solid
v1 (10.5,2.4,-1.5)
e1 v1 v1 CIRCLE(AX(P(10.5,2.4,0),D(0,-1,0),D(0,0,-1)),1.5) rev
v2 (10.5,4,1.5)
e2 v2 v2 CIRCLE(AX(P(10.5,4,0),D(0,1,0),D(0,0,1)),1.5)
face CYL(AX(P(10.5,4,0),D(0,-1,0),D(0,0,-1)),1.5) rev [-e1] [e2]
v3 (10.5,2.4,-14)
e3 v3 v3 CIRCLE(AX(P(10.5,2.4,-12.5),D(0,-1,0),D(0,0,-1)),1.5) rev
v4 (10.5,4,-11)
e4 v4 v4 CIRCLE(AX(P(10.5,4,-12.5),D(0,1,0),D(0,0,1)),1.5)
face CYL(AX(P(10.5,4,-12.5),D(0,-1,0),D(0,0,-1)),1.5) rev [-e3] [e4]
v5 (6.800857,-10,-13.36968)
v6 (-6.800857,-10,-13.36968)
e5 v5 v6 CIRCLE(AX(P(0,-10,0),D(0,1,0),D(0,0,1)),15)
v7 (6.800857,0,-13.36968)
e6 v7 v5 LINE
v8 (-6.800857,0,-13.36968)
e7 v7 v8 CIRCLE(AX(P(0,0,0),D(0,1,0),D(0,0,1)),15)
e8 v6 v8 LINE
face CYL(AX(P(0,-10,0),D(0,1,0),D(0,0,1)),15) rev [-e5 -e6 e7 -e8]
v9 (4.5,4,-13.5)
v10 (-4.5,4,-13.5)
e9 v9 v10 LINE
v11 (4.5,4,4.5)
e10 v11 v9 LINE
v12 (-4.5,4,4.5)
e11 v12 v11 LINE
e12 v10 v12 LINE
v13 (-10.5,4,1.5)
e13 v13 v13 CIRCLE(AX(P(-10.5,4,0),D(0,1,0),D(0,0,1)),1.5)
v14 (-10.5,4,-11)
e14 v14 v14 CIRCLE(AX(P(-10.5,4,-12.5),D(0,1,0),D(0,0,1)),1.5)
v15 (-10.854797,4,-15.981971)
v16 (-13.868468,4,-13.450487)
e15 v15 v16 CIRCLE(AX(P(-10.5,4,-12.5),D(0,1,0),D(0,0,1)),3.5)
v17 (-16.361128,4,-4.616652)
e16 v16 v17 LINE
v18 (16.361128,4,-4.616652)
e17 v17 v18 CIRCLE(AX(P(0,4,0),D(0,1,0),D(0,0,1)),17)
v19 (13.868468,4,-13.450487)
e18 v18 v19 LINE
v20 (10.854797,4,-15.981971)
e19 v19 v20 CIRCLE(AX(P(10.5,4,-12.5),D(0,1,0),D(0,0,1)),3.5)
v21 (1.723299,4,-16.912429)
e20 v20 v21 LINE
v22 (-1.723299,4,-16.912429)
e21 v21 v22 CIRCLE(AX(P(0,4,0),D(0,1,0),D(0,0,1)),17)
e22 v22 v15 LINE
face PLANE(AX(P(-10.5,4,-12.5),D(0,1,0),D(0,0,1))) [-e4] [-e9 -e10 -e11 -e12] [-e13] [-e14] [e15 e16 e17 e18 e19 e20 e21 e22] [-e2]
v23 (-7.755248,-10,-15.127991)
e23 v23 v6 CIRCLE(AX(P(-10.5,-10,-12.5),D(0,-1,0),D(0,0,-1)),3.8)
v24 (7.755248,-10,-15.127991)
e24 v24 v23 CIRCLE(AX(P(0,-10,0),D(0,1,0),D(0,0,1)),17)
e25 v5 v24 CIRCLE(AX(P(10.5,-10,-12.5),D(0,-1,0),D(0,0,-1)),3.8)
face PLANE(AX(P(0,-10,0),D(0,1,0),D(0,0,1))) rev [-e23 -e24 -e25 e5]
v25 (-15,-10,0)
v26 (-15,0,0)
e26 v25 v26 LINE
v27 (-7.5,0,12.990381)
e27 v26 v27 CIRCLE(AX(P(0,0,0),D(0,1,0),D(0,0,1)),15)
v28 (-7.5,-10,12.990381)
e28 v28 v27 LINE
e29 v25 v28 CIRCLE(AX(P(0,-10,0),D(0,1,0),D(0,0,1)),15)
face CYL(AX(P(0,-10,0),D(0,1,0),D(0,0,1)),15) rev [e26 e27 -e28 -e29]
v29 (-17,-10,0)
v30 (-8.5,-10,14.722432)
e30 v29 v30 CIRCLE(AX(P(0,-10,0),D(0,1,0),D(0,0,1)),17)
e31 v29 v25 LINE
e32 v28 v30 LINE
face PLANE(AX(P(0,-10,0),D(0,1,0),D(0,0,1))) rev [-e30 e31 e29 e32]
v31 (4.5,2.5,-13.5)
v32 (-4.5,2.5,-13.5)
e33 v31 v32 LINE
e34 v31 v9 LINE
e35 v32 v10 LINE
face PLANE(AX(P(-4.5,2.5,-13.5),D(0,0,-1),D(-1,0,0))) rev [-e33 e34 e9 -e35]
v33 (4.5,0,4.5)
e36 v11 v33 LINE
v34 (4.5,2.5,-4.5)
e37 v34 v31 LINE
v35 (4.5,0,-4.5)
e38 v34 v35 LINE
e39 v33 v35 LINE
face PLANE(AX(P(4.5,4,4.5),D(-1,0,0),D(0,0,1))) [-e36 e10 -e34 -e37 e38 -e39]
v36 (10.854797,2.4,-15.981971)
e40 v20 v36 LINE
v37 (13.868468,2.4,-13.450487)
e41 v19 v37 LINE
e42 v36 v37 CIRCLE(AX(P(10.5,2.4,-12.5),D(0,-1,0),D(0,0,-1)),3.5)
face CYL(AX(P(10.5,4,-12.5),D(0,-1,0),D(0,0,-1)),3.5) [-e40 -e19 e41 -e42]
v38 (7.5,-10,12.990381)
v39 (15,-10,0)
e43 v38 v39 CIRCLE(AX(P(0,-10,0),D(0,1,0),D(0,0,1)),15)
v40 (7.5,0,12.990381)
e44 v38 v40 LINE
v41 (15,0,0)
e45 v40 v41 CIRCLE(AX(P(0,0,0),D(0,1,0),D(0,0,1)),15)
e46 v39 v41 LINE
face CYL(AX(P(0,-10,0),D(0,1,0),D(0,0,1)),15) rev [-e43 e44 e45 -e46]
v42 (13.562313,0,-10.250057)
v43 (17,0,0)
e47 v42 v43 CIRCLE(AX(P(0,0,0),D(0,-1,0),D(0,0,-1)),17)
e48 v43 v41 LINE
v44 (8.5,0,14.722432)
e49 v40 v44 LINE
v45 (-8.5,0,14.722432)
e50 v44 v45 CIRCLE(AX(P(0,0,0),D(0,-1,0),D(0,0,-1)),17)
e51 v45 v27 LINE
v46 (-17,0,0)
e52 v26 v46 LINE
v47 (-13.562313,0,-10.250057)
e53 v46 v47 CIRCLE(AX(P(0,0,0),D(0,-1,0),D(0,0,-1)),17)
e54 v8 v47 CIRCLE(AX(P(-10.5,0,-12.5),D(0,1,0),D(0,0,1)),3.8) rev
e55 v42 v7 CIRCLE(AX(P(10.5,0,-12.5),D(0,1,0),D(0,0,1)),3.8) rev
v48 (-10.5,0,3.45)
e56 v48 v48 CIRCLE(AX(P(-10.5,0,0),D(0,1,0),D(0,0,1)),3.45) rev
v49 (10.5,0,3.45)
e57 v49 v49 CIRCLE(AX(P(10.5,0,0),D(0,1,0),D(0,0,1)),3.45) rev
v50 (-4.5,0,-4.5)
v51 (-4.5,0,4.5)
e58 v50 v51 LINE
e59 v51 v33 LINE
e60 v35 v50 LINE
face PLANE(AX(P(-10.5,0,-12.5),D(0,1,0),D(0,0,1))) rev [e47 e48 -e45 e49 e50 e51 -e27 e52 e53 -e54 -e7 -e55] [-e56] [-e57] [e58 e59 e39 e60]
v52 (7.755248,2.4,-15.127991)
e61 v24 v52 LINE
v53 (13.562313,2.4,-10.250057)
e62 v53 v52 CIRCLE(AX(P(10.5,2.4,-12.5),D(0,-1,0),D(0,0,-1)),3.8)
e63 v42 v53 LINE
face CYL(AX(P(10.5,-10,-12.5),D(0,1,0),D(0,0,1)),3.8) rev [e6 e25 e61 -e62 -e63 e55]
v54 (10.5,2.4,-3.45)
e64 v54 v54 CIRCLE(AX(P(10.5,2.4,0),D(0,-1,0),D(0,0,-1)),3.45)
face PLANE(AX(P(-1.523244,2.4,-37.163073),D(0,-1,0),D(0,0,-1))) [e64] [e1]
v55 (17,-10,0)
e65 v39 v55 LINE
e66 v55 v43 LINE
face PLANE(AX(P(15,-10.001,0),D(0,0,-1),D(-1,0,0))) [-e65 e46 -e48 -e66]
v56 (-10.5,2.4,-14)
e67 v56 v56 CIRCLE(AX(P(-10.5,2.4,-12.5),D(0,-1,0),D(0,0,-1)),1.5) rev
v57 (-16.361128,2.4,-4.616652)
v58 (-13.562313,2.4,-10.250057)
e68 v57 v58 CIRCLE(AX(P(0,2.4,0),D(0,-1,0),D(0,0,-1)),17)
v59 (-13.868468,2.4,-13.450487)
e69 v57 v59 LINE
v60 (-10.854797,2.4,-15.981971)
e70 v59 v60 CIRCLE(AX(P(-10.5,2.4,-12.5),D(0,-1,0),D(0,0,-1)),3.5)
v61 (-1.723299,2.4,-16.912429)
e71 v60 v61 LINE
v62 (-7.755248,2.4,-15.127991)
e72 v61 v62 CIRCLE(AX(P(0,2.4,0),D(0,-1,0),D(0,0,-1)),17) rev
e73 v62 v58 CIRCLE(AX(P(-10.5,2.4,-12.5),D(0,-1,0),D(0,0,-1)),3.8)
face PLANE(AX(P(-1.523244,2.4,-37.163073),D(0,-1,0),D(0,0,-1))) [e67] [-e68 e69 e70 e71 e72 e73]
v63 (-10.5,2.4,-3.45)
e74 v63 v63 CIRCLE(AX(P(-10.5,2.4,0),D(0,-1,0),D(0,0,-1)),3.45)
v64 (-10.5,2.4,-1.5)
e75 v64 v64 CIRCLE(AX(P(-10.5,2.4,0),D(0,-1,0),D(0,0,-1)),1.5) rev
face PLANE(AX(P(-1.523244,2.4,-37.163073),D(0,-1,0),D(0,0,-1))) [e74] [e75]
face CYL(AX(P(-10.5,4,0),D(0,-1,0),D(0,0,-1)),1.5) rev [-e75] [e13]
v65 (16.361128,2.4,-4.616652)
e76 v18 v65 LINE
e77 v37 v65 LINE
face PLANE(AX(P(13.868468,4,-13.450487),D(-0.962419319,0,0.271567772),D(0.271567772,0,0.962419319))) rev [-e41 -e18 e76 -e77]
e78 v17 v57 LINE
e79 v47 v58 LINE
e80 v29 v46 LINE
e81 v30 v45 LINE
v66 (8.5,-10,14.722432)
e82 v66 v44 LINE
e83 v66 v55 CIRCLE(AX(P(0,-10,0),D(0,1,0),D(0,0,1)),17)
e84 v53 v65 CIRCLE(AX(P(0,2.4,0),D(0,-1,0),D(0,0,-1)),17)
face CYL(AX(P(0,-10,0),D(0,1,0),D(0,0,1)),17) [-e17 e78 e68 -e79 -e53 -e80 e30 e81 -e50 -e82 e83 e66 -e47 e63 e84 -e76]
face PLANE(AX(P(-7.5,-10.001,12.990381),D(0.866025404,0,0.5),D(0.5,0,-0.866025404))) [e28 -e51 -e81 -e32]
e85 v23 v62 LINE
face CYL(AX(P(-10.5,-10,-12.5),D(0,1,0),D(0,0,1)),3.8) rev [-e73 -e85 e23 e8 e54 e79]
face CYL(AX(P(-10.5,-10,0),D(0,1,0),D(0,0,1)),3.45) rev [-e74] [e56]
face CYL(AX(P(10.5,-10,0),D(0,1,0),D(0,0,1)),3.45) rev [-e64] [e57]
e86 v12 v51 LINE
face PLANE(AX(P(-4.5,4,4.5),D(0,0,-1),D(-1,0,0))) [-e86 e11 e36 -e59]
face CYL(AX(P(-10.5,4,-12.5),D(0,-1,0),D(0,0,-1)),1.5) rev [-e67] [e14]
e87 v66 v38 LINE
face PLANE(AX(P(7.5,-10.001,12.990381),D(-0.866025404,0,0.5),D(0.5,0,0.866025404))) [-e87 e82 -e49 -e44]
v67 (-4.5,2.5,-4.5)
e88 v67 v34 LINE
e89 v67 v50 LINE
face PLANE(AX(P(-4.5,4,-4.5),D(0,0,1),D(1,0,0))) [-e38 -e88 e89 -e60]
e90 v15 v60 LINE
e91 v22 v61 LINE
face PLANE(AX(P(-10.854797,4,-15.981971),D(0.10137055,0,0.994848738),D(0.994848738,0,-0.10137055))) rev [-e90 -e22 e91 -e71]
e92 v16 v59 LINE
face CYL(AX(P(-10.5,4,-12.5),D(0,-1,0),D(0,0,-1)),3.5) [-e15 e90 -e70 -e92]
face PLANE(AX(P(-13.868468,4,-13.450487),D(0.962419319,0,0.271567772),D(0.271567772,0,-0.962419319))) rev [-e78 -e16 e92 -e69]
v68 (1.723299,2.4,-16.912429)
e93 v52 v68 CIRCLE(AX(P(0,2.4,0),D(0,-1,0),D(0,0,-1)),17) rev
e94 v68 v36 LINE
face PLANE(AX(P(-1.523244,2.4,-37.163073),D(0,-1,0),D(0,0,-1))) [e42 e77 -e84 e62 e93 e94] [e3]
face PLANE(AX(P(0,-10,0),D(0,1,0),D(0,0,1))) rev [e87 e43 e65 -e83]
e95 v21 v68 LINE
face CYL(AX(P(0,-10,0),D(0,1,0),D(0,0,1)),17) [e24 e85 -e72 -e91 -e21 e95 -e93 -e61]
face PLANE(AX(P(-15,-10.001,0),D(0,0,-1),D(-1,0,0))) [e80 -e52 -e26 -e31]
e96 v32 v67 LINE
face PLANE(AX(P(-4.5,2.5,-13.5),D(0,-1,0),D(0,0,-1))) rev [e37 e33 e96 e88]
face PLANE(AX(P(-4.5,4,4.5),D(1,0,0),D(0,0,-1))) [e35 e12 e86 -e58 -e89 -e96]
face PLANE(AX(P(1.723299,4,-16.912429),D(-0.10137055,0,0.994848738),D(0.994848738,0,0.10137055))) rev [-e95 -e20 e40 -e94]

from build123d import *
from build123d.topology import SkipClean

# Parameters (mm, degrees)
SKETCH1_R               = 17
SKETCH1_R_2             = 15
BOSS_EXTRUDE1_DEPTH     = 10
BOSS_EXTRUDE2_START     = 4
SKETCH5_R               = 1.5
SKETCH5_W               = 9
SKETCH5_H               = 9
BOSS_EXTRUDE2_DEPTH     = 4
CUT_EXTRUDE2_REACH      = 28.038
CUT_EXTRUDE3_DEPTH      = 27.038433133
CUT_EXTRUDE3_DEPTH_BACK = 2.4
SKETCH10_R              = 1.5
SKETCH10_R_2            = 3.45
SKETCH11_W              = 9
SKETCH11_H              = 9
CUT_EXTRUDE4_DEPTH      = 1.5


with BuildPart() as part:
    # Sketch1 → Boss-Extrude1 (new body)
    with BuildSketch(Plane(origin=(0, 0, 0), x_dir=(1, 0, 0), z_dir=(0, 1, 0))):
        with Locations(Location((0, 0, 0), (0, 0, 270))):
            Circle(SKETCH1_R)
        with Locations(Location((0, 0, 0), (0, 0, 270))):
            Circle(SKETCH1_R_2, mode=Mode.SUBTRACT)
    extrude(amount=-BOSS_EXTRUDE1_DEPTH)

    # Sketch5 → Boss-Extrude2 (add)
    with SkipClean():  # the faces are left unmerged after this step: merging them gives an invalid solid
        with BuildSketch(Plane(origin=(0, 0, 0), x_dir=(1, 0, 0), z_dir=(0, 1, 0)).offset(BOSS_EXTRUDE2_START)):
            with BuildLine():
                Line((-10.854796925, 15.981970583), (-1.723299349, 16.912428547))
                ThreePointArc((-1.723299349, 16.912428547), (0, 17), (1.723299349, 16.912428547))
                Line((1.723299349, 16.912428547), (10.854796925, 15.981970583))
                ThreePointArc((10.854796925, 15.981970583), (12.751172302, 15.179967027), (13.868467616, 13.450487203))
                Line((13.868467616, 13.450487203), (16.361128418, 4.616652129))
                ThreePointArc((16.361128418, 4.616652129), (0, -17), (-16.361128418, 4.616652129))
                Line((-16.361128418, 4.616652129), (-13.868467616, 13.450487203))
                ThreePointArc((-13.868467616, 13.450487203), (-12.751172302, 15.179967027), (-10.854796925, 15.981970583))
            make_face()
            with Locations(Location((-10.5, 0, 0), (0, 0, 270))):
                Circle(SKETCH5_R, mode=Mode.SUBTRACT)
            with Locations(Location((10.5, 0, 0), (0, 0, 270))):
                Circle(SKETCH5_R, mode=Mode.SUBTRACT)
            with Locations(Location((-10.5, 12.5, 0), (0, 0, 64.453929983))):
                Circle(SKETCH5_R, mode=Mode.SUBTRACT)
            with Locations(Location((10.5, 12.5, 0), (0, 0, 115.546070017))):
                Circle(SKETCH5_R, mode=Mode.SUBTRACT)
            Rectangle(SKETCH5_W, SKETCH5_H, mode=Mode.SUBTRACT)
        extrude(amount=-BOSS_EXTRUDE2_DEPTH)

    # Sketch9 → Cut-Extrude2 (cut, up to next)
    with BuildSketch(Plane.XZ, mode=Mode.PRIVATE) as cut_extrude2_sk1:
        with BuildLine():
            Line((7.5, 12.990381057), (8.5, 14.722431864))
            ThreePointArc((8.5, 14.722431864), (0, 17), (-8.5, 14.722431864))
            Line((-8.5, 14.722431864), (-7.5, 12.990381057))
            ThreePointArc((-7.5, 12.990381057), (0, 15), (7.5, 12.990381057))
        make_face()
    cut_extrude2_tool1 = extrude(cut_extrude2_sk1.sketch, amount=CUT_EXTRUDE2_REACH, mode=Mode.PRIVATE) & part.part
    # Sketch9 → Cut-Extrude2 (cut, up to next)
    with BuildSketch(Plane.XZ, mode=Mode.PRIVATE) as cut_extrude2_sk2:
        with BuildLine():
            Line((7.5, -12.990381057), (8.5, -14.722431864))
            ThreePointArc((8.5, -14.722431864), (14.722431864, -8.5), (17, 0))
            Line((17, 0), (15, 0))
            ThreePointArc((15, 0), (12.990381057, -7.5), (7.5, -12.990381057))
        make_face()
    cut_extrude2_tool2 = extrude(cut_extrude2_sk2.sketch, amount=CUT_EXTRUDE2_REACH, mode=Mode.PRIVATE) & part.part
    # Sketch9 → Cut-Extrude2 (cut, up to next)
    with BuildSketch(Plane.XZ, mode=Mode.PRIVATE) as cut_extrude2_sk3:
        with BuildLine():
            Line((-7.5, -12.990381057), (-8.5, -14.722431864))
            ThreePointArc((-8.5, -14.722431864), (-14.722431864, -8.5), (-17, 0))
            Line((-17, 0), (-15, 0))
            ThreePointArc((-15, 0), (-12.990381057, -7.5), (-7.5, -12.990381057))
        make_face()
    cut_extrude2_tool3 = extrude(cut_extrude2_sk3.sketch, amount=CUT_EXTRUDE2_REACH, mode=Mode.PRIVATE) & part.part
    add(cut_extrude2_tool1.solids().sort_by_distance((0, 0, 15.298769))[0], mode=Mode.SUBTRACT)
    add(cut_extrude2_tool2.solids().sort_by_distance((13.249123, 0, -7.649384))[0], mode=Mode.SUBTRACT)
    add(cut_extrude2_tool3.solids().sort_by_distance((-13.249123, 0, -7.649384))[0], mode=Mode.SUBTRACT)

    # Sketch10 → Cut-Extrude3 (cut, two sides: drawn at the far end of the back side and taken through both)
    # profile 1 of 4: a face of its own
    with SkipClean():  # the faces are left unmerged after this step: merging them gives an invalid solid
        with BuildSketch(Plane.XZ.offset(-CUT_EXTRUDE3_DEPTH_BACK)):
            with BuildLine():
                Line((-16.361128418, -4.616652129), (-13.868467616, -13.450487203))
                ThreePointArc((-13.868467616, -13.450487203), (-12.751172302, -15.179967027), (-10.854796925, -15.981970583))
                Line((-10.854796925, -15.981970583), (-1.723299349, -16.912428547))
                ThreePointArc((-1.723299349, -16.912428547), (-4.822527429, -16.301632716), (-7.755248385, -15.127991357))
                ThreePointArc((-7.755248385, -15.127991357), (-8.055870072, -9.590321514), (-13.562312591, -10.250057424))
                ThreePointArc((-13.562312591, -10.250057424), (-15.224549066, -7.563934541), (-16.361128418, -4.616652129))
            make_face()
            with Locations(Location((-10.5, -12.5, 0), (0, 0, 270))):
                Circle(SKETCH10_R, mode=Mode.SUBTRACT)
        # profile 2 of 4: a face of its own
        with BuildSketch(Plane.XZ.offset(-CUT_EXTRUDE3_DEPTH_BACK)):
            with BuildLine():
                ThreePointArc((7.755248385, -15.127991357), (4.822527429, -16.301632716), (1.723299349, -16.912428547))
                Line((1.723299349, -16.912428547), (10.854796925, -15.981970583))
                ThreePointArc((10.854796925, -15.981970583), (12.751172302, -15.179967027), (13.868467616, -13.450487203))
                Line((13.868467616, -13.450487203), (16.361128418, -4.616652129))
                ThreePointArc((16.361128418, -4.616652129), (15.224549066, -7.563934541), (13.562312591, -10.250057424))
                ThreePointArc((13.562312591, -10.250057424), (8.055870072, -9.590321514), (7.755248385, -15.127991357))
            make_face()
            with Locations(Location((10.5, -12.5, 0), (0, 0, 270))):
                Circle(SKETCH10_R, mode=Mode.SUBTRACT)
        # profile 3 of 4: a face of its own
        with BuildSketch(Plane.XZ.offset(-CUT_EXTRUDE3_DEPTH_BACK)):
            with Locations(Location((-10.5, 0, 0), (0, 0, 90))):
                Circle(SKETCH10_R_2)
            with Locations(Location((-10.5, 0, 0), (0, 0, 270))):
                Circle(SKETCH10_R, mode=Mode.SUBTRACT)
        # profile 4 of 4: a face of its own
        with BuildSketch(Plane.XZ.offset(-CUT_EXTRUDE3_DEPTH_BACK)):
            with Locations(Location((10.5, 0, 0), (0, 0, 90))):
                Circle(SKETCH10_R_2)
            with Locations(Location((10.5, 0, 0), (0, 0, 270))):
                Circle(SKETCH10_R, mode=Mode.SUBTRACT)
        extrude(amount=CUT_EXTRUDE3_DEPTH + CUT_EXTRUDE3_DEPTH_BACK, mode=Mode.SUBTRACT)

    # Sketch11 → Cut-Extrude4 (cut)
    with SkipClean():  # the faces are left unmerged after this step: merging them gives an invalid solid
        with BuildSketch(Plane(origin=(0, 4, 0), x_dir=(1, 0, 0), z_dir=(0, 1, 0))):
            with Locations((0, 9)):
                Rectangle(SKETCH11_W, SKETCH11_H)
        extrude(amount=-CUT_EXTRUDE4_DEPTH, mode=Mode.SUBTRACT)


solid = part.part
